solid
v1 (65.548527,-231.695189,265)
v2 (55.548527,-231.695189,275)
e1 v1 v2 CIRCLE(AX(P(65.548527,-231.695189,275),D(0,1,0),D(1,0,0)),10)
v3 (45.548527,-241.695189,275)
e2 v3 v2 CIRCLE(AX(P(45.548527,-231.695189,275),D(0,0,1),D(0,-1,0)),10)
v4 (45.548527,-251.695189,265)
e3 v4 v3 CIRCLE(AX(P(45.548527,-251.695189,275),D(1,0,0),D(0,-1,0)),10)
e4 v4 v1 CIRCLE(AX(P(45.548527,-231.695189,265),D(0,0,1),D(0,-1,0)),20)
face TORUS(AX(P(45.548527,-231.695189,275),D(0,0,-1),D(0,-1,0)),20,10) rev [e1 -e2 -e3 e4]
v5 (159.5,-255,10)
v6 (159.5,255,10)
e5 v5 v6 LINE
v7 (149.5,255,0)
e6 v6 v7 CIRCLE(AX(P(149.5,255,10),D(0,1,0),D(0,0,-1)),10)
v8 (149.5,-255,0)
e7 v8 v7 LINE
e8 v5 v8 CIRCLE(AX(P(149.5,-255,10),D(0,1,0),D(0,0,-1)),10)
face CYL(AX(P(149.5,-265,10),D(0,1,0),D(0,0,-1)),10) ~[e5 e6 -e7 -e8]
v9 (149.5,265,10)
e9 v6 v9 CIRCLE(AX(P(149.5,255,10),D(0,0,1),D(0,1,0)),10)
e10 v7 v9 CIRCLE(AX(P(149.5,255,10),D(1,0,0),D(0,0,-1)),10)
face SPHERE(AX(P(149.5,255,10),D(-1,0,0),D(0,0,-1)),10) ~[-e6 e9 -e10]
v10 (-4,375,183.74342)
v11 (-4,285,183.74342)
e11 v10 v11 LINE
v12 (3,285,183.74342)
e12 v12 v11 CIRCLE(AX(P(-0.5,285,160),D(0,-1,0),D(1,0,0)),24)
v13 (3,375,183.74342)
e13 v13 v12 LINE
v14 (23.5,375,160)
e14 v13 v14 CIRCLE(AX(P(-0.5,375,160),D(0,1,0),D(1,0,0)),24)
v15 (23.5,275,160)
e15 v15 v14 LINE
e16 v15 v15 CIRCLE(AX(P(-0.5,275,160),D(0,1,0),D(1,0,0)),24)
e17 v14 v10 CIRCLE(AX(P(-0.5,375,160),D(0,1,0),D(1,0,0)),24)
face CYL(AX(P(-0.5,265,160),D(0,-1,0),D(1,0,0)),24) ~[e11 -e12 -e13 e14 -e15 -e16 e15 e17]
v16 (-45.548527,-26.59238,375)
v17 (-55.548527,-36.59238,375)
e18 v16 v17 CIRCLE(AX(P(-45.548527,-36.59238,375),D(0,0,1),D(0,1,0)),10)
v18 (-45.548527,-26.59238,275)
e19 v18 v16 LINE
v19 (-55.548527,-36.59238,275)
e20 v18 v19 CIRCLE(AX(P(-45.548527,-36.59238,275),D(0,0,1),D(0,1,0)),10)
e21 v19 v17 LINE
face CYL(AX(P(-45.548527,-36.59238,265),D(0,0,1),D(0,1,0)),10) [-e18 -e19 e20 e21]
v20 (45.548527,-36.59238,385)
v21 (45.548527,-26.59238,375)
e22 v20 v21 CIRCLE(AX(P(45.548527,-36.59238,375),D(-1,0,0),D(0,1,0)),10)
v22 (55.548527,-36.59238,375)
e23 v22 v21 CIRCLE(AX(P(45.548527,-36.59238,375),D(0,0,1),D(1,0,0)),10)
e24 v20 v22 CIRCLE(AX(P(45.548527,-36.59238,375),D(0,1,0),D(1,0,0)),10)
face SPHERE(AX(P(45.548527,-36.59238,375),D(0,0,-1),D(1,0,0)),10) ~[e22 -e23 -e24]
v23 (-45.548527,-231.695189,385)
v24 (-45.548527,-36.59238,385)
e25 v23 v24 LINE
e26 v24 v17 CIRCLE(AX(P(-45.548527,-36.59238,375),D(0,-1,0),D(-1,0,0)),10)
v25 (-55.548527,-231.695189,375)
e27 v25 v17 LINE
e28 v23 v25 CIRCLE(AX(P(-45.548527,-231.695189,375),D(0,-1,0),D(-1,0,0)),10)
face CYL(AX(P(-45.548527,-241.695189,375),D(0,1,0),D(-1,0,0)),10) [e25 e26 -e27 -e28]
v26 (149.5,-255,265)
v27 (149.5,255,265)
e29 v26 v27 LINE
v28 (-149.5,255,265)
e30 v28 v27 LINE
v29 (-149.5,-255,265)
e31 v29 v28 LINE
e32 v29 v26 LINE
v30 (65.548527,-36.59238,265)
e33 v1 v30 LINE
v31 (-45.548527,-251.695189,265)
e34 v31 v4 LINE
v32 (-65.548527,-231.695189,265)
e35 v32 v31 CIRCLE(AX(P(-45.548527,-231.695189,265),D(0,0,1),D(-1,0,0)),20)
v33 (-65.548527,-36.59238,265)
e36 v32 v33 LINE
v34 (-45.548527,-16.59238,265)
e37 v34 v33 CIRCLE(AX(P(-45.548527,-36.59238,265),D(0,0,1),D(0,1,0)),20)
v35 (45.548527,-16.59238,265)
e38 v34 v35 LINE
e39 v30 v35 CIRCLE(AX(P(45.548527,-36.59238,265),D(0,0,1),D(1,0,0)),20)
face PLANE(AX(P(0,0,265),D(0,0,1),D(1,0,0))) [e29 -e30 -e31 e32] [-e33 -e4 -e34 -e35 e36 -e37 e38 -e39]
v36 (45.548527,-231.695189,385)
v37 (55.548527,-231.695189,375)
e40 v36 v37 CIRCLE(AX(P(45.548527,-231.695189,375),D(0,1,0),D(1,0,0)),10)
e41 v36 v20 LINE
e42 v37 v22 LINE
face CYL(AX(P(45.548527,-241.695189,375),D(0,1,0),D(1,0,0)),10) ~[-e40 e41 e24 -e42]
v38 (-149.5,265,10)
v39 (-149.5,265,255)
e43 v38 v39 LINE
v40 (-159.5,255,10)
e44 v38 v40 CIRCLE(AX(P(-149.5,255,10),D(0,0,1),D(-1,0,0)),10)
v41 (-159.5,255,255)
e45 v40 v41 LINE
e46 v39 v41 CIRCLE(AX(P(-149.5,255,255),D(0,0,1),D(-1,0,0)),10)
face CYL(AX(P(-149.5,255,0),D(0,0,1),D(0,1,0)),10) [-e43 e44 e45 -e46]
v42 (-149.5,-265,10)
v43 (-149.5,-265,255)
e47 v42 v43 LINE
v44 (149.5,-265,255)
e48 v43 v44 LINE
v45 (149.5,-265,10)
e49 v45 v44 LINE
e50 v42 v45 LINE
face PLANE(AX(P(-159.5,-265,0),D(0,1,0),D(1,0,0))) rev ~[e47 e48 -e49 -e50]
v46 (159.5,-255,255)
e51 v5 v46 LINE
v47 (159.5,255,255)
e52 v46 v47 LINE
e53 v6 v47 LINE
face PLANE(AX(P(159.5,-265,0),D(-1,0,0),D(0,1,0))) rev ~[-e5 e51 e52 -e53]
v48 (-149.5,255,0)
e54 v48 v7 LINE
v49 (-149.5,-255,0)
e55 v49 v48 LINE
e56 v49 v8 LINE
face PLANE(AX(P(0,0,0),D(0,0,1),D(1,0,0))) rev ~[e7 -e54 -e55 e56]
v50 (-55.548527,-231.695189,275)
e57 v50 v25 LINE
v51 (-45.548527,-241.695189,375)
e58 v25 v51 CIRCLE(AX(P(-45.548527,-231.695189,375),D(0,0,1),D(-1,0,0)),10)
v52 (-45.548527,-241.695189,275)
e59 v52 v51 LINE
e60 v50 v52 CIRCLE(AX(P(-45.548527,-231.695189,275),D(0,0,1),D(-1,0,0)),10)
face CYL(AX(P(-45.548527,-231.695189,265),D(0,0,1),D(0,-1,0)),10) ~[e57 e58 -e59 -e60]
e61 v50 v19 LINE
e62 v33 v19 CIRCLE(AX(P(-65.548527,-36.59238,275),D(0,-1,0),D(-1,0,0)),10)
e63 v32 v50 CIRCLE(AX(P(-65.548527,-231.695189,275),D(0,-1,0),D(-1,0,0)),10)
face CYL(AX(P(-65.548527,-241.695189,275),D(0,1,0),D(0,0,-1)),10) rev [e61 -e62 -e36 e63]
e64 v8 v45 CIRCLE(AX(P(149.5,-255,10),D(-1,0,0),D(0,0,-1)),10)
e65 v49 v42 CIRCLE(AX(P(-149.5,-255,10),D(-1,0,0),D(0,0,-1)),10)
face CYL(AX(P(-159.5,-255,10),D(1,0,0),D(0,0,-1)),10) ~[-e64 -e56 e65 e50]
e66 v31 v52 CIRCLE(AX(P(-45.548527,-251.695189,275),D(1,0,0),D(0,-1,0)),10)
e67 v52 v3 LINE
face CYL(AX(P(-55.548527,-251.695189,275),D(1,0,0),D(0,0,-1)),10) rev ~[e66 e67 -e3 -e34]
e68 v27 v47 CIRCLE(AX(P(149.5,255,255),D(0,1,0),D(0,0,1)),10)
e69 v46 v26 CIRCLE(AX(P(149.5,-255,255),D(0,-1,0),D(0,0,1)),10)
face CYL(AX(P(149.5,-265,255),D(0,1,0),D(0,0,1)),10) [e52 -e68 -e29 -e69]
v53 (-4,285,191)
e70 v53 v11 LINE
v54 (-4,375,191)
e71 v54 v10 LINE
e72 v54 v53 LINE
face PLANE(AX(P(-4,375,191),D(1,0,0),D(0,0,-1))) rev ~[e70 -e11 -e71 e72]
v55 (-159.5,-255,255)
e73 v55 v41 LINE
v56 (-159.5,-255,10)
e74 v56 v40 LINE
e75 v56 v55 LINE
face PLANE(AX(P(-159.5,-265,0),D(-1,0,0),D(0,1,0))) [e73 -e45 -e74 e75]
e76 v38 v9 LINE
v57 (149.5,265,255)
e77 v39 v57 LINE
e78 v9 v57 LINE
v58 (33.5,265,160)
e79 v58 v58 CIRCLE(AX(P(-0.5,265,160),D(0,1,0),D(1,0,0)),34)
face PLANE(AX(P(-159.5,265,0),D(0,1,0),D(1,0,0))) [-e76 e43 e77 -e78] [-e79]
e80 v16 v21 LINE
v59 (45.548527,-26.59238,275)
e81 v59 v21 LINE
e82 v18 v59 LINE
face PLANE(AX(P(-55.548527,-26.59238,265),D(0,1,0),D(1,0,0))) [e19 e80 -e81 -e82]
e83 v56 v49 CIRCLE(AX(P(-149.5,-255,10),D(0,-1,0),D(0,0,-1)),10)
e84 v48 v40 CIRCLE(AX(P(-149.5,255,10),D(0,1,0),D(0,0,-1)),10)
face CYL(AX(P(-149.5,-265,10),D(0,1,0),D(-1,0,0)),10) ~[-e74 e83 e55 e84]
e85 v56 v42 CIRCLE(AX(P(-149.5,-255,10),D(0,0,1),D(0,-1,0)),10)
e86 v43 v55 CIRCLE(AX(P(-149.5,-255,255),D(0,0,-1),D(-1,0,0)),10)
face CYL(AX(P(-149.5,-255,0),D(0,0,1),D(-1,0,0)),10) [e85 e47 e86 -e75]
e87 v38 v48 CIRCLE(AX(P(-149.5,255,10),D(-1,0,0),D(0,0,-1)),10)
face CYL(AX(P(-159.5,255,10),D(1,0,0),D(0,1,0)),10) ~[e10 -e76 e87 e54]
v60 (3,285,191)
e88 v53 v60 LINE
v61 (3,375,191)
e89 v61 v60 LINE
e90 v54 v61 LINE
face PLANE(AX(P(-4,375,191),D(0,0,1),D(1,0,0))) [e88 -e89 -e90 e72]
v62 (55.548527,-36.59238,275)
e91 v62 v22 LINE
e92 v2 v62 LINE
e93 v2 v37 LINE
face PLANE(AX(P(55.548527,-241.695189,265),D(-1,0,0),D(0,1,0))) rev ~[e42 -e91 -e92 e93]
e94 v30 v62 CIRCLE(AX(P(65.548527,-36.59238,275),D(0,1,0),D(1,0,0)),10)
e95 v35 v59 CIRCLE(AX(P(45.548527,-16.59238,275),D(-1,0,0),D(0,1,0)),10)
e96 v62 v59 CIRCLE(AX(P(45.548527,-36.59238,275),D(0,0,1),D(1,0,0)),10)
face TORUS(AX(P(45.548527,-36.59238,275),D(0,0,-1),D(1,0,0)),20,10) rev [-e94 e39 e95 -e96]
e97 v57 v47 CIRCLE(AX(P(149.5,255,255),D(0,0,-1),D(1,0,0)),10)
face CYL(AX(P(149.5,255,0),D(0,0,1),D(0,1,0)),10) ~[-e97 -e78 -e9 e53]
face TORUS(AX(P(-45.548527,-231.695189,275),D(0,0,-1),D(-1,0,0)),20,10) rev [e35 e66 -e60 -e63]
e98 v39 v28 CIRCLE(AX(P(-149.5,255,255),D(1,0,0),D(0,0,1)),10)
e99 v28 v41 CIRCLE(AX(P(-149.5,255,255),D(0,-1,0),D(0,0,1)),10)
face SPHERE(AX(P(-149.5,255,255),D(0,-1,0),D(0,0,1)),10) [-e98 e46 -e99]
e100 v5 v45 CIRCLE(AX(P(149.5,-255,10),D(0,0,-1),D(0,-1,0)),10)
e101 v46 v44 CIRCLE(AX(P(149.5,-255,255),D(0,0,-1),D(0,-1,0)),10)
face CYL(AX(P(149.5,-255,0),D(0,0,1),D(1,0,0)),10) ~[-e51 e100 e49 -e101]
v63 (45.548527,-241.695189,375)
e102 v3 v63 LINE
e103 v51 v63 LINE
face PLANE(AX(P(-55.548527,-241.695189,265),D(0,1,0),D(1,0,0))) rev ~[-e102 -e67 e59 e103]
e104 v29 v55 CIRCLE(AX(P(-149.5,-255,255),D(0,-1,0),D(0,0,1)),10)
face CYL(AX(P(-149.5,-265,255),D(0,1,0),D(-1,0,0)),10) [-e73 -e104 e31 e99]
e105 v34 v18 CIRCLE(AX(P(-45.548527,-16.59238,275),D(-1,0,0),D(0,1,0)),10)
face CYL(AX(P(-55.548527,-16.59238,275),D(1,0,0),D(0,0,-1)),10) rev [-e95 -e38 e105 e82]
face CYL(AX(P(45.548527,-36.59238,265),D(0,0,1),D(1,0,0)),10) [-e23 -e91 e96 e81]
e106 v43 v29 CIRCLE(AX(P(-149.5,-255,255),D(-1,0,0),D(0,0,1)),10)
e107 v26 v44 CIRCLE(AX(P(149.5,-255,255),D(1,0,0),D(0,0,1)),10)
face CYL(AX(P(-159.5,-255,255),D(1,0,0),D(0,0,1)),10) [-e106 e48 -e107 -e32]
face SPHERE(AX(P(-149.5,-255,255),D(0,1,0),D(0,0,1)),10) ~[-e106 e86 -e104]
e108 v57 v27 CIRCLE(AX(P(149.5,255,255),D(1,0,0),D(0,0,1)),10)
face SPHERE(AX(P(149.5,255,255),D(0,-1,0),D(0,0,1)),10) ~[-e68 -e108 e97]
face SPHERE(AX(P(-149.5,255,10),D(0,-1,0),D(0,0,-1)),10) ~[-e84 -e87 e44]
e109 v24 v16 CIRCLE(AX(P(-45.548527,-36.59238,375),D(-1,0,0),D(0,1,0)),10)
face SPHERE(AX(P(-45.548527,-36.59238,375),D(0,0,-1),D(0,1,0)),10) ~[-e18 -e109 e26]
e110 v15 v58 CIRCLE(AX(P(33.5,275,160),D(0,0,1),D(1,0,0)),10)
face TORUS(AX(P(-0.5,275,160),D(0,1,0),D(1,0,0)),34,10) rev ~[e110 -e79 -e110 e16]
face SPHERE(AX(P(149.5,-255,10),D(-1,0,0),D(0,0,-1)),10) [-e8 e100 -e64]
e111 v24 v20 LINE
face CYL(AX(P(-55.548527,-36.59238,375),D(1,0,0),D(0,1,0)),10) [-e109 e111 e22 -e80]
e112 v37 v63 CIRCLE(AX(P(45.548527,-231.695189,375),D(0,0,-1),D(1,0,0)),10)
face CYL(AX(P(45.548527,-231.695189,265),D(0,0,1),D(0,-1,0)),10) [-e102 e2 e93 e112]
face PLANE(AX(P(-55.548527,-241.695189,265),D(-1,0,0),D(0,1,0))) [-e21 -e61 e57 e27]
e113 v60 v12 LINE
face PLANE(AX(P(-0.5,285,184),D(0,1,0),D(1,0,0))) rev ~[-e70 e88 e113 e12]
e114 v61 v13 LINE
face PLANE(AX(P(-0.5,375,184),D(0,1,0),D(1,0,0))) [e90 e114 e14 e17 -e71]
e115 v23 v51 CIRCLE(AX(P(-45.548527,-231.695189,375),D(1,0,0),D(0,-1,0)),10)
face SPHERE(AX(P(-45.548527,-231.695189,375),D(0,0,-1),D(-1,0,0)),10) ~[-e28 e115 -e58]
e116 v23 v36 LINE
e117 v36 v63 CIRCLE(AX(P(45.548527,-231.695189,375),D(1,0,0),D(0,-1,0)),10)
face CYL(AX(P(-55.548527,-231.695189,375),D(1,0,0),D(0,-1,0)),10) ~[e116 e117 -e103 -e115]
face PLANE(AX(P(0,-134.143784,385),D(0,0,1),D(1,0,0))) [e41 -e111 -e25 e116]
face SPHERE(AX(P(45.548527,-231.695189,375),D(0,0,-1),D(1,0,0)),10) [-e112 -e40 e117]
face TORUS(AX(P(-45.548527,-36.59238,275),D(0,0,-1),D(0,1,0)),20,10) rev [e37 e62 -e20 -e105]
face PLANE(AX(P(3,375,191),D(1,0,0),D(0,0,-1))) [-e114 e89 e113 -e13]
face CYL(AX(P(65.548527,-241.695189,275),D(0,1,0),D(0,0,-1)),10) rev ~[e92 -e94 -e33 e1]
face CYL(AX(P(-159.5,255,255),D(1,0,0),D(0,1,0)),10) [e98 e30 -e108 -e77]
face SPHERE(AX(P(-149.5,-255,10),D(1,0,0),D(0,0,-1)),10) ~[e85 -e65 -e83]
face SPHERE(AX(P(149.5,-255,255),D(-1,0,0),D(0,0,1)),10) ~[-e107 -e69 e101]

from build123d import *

# Parameters (mm, degrees)
SKETCH1_W           = 319
SKETCH1_H           = 530
BOSS_EXTRUDE1_DEPTH = 265
SKETCH2_W           = 111.097054908
SKETCH2_H           = 215.10280844
BOSS_EXTRUDE2_DEPTH = 120
SKETCH3_R           = 24
BOSS_EXTRUDE3_DEPTH = 110
SKETCH4_W           = 7
SKETCH4_H           = 14
BOSS_EXTRUDE4_DEPTH = 90
FILLET1_R           = 10


with BuildPart() as part:
    # Sketch1 → Boss-Extrude1 (new body)
    with BuildSketch(Plane.XY):
        Rectangle(SKETCH1_W, SKETCH1_H)
    extrude(amount=BOSS_EXTRUDE1_DEPTH)

    # Sketch2 → Boss-Extrude2 (add)
    with BuildSketch(Plane.XY.offset(265)):
        with Locations((0, -134.143784384)):
            Rectangle(SKETCH2_W, SKETCH2_H)
    extrude(amount=BOSS_EXTRUDE2_DEPTH)

    # Sketch3 → Boss-Extrude3 (add)
    with BuildSketch(Plane(origin=(0, 265, 0), x_dir=(1, 0, 0), z_dir=(0, 1, 0))):
        with Locations((-0.5, -160)):
            Circle(SKETCH3_R)
    extrude(amount=BOSS_EXTRUDE3_DEPTH)

    # Sketch4 → Boss-Extrude4 (add)
    with BuildSketch(Plane(origin=(0, 375, 0), x_dir=(1, 0, 0), z_dir=(0, 1, 0))):
        with Locations((-0.5, -184)):
            Rectangle(SKETCH4_W, SKETCH4_H)
    extrude(amount=-BOSS_EXTRUDE4_DEPTH)

    # Fillet1
    fillet1_edges = [part.edges().sort_by_distance(p)[0] for p in [
        (-159.5, 0, 265),
        (0, -265, 265),
        (55.548527454, -134.143784384, 265),
        (55.548527454, -241.695188604, 325),
        (0, -26.592380164, 265),
        (55.548527454, -26.592380164, 325),
        (-55.548527454, -134.143784384, 265),
        (-55.548527454, -26.592380164, 325),
        (0, -241.695188604, 265),
        (-55.548527454, -241.695188604, 325),
        (55.548527454, -134.143784384, 385),
        (0, -26.592380164, 385),
        (-55.548527454, -134.143784384, 385),
        (0, -241.695188604, 385),
        (-24.5, 265, 160),
        (159.5, 0, 265),
        (0, -265, 0),
        (-159.5, 0, 0),
        (0, 265, 0),
        (159.5, 0, 0),
        (0, 265, 265),
        (159.5, -265, 132.5),
        (-159.5, -265, 132.5),
        (-159.5, 265, 132.5),
        (159.5, 265, 132.5),
    ]]
    fillet(fillet1_edges, radius=FILLET1_R)


solid = part.part
